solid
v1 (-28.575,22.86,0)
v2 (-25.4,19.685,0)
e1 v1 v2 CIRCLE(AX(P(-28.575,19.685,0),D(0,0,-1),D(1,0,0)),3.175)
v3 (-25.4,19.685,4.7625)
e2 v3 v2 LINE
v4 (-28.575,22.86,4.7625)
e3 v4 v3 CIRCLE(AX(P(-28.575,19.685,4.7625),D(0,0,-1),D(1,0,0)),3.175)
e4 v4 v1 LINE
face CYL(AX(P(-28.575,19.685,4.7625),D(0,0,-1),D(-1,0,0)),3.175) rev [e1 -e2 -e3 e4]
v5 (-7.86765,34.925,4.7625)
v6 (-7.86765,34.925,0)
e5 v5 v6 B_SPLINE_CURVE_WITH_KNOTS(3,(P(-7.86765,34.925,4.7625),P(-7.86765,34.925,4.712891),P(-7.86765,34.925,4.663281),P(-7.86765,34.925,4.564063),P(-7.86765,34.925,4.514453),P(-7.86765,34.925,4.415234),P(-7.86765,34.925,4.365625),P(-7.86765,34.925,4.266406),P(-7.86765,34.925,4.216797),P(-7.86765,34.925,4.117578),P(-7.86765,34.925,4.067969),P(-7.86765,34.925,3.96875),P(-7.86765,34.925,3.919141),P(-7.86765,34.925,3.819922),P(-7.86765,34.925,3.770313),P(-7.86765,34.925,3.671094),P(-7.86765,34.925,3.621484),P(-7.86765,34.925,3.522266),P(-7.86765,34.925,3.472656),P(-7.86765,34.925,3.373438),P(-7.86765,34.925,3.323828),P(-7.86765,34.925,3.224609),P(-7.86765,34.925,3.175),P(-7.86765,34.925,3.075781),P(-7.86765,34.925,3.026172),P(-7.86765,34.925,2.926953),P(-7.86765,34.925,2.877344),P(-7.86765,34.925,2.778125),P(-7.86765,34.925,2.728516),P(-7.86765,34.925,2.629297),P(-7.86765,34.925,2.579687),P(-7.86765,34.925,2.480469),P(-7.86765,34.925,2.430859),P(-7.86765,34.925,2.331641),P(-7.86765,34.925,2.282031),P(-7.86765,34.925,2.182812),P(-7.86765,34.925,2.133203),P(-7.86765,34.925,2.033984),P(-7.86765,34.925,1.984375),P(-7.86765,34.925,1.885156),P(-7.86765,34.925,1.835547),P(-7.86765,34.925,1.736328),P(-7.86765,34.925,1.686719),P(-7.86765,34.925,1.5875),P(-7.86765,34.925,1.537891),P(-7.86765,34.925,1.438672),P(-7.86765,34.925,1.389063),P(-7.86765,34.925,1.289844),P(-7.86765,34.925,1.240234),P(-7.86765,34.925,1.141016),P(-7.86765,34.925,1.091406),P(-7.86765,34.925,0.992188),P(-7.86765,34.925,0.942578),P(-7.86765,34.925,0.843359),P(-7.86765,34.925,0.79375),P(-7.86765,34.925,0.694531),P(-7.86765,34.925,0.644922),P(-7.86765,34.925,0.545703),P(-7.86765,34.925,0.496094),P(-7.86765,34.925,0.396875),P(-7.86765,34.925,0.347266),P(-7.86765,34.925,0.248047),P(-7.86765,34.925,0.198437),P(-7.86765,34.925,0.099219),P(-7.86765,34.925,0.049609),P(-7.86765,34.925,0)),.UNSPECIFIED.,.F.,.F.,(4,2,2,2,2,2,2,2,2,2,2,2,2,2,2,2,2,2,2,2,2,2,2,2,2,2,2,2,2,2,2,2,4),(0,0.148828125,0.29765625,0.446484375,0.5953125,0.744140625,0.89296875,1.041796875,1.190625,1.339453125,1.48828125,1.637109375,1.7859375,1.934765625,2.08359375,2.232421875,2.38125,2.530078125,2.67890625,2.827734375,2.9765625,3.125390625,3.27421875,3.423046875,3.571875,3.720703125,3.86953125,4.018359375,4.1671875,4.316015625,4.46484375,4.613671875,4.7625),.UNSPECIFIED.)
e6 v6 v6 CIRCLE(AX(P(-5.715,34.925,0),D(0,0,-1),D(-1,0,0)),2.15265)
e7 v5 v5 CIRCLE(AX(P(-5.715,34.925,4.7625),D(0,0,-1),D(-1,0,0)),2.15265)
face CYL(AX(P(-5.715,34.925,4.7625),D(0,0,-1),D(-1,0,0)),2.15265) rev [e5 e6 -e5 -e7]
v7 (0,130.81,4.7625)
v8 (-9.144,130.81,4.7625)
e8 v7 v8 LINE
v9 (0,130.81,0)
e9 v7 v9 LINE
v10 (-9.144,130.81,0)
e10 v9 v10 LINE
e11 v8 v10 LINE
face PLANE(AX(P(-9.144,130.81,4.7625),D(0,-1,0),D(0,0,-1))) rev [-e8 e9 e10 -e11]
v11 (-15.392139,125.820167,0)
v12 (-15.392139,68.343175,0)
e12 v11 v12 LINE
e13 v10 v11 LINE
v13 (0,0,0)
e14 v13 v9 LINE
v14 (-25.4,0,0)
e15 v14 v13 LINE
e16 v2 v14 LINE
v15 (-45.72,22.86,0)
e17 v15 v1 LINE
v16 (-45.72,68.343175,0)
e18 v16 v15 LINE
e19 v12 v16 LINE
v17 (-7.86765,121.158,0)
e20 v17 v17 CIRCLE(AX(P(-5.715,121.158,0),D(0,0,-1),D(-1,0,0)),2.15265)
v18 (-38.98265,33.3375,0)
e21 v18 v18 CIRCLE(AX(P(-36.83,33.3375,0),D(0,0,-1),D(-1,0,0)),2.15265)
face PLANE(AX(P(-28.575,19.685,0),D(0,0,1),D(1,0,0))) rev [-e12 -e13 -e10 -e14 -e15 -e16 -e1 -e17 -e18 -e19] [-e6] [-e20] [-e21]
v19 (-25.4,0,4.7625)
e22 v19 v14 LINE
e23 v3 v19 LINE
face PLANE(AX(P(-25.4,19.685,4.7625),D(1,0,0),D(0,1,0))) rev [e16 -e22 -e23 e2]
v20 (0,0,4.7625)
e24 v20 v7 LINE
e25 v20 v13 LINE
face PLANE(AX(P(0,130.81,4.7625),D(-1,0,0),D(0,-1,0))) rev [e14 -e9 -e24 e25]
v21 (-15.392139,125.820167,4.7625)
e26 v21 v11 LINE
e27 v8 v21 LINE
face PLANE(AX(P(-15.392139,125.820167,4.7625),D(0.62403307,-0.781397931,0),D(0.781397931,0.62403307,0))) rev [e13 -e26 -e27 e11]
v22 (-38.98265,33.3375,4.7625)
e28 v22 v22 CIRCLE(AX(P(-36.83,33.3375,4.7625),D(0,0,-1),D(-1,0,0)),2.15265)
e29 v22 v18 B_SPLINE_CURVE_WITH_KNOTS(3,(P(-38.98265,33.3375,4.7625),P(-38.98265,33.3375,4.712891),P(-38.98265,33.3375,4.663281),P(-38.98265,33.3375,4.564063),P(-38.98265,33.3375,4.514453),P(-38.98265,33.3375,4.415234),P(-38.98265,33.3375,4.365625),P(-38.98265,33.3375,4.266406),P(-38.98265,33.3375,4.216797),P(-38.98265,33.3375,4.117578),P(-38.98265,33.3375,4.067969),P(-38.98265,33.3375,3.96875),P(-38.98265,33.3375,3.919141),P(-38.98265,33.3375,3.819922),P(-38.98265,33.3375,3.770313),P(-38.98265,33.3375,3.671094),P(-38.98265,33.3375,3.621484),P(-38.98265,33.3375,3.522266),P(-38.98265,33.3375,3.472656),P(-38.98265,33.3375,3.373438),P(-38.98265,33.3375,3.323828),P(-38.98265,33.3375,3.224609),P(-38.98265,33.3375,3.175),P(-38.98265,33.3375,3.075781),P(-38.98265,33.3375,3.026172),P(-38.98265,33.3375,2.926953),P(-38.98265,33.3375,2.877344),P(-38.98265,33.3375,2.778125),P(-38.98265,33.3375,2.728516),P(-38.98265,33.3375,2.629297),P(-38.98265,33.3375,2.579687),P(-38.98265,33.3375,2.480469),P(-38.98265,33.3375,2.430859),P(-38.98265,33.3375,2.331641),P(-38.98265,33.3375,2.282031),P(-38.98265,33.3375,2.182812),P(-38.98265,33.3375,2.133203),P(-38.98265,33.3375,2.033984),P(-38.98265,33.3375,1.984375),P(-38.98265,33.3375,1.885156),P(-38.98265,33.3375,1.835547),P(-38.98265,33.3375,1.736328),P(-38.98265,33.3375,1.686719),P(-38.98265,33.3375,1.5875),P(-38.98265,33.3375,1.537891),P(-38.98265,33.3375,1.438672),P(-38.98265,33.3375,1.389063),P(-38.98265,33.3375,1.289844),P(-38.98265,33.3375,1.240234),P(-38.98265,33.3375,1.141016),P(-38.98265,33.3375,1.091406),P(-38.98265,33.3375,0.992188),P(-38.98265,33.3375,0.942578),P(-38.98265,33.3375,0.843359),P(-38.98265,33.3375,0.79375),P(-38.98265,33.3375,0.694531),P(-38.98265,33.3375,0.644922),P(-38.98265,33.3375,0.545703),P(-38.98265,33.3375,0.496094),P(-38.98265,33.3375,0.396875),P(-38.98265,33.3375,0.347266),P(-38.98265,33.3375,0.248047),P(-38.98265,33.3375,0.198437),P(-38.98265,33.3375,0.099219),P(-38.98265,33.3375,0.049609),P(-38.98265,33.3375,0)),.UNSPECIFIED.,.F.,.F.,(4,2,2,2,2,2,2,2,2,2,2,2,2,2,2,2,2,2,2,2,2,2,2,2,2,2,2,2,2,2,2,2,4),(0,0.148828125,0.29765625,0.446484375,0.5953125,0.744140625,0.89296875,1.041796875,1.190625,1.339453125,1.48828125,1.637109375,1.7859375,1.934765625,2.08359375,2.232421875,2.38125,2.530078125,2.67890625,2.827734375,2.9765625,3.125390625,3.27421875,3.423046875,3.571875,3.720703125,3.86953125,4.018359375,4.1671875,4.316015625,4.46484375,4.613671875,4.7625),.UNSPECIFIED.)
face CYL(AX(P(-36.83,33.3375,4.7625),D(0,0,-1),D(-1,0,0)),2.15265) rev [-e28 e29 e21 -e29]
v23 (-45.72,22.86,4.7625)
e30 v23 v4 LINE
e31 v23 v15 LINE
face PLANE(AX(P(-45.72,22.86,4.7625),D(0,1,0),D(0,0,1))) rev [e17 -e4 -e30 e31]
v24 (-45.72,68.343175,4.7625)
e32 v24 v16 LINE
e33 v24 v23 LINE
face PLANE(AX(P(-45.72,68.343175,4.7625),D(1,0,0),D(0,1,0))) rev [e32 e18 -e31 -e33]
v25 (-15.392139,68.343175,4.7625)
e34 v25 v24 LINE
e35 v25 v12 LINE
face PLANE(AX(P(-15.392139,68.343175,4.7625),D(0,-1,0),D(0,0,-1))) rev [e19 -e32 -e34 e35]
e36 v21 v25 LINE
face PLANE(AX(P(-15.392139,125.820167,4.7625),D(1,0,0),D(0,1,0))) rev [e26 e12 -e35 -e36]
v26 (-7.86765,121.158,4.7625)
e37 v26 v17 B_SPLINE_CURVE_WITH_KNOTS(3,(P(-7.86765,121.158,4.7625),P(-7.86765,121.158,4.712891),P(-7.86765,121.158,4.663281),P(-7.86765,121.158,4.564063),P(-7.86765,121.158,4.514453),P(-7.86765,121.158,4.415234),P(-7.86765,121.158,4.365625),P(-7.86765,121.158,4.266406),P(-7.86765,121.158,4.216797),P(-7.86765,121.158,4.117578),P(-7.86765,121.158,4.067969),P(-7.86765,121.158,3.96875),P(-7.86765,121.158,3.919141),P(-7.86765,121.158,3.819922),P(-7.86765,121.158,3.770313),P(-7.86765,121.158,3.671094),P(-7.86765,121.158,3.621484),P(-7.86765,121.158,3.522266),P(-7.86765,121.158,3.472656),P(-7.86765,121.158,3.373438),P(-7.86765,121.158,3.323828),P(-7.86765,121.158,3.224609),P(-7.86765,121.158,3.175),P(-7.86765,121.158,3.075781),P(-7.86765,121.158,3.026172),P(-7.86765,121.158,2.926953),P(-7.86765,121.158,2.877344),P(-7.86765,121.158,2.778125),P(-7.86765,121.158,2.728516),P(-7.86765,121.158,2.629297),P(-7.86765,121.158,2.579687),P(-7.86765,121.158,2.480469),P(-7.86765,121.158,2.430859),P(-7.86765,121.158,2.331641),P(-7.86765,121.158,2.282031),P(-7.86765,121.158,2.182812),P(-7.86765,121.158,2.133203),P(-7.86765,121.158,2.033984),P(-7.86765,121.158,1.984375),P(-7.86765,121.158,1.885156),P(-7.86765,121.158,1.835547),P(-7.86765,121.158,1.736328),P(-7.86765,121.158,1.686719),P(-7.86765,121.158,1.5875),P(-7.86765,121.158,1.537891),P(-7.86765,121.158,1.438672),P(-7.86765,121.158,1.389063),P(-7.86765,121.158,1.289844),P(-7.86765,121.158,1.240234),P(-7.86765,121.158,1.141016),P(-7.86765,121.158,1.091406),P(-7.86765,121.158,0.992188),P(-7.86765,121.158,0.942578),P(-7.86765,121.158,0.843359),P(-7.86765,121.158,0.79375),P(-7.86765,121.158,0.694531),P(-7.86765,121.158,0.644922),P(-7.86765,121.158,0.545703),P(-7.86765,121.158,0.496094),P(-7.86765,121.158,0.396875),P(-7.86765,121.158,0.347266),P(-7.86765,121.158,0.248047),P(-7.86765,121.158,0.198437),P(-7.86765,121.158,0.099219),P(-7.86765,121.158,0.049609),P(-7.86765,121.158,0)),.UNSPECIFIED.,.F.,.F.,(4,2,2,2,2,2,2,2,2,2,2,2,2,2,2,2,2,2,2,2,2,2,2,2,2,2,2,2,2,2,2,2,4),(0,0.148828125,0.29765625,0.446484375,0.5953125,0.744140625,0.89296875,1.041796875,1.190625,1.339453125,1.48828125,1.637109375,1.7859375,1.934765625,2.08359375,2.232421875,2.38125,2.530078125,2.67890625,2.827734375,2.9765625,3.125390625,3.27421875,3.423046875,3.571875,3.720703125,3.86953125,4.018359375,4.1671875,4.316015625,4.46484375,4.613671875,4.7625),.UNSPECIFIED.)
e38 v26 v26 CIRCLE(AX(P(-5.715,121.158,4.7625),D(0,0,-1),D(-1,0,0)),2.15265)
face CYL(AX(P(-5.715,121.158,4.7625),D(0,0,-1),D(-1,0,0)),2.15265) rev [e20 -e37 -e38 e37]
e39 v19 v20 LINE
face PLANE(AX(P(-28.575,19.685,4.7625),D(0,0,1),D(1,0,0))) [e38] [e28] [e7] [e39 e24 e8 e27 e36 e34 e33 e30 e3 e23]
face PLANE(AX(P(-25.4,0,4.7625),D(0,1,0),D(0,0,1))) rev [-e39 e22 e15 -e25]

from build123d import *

# Parameters (mm, degrees)
BOSS_EXTRUDE1_DEPTH = 4.7625
SKETCH3_R           = 2.15265
CUT_EXTRUDE1_DEPTH  = 139.651562942


with BuildPart() as part:
    # Sketch1 → Boss-Extrude1 (new body)
    with BuildSketch(Plane.XY):
        with BuildLine():
            Line((-15.392138512, 125.820167161), (-15.392138512, 68.343175012))
            Line((-15.392138512, 68.343175012), (-45.72, 68.343175012))
            Line((-45.72, 68.343175012), (-45.72, 22.86))
            Line((-45.72, 22.86), (-28.575, 22.86))
            ThreePointArc((-28.575, 22.86), (-26.32993597, 21.93006403), (-25.4, 19.685))
            Line((-25.4, 19.685), (-25.4, 0))
            Line((-25.4, 0), (0, 0))
            Line((0, 0), (0, 130.81))
            Line((0, 130.81), (-9.144, 130.81))
            Line((-9.144, 130.81), (-15.392138512, 125.820167161))
        make_face()
    extrude(amount=BOSS_EXTRUDE1_DEPTH)

    # Sketch3 → Cut-Extrude1 (cut, through all)
    with BuildSketch(Plane(origin=(0, 0, 0), x_dir=(-1, 0, 0), z_dir=(0, 0, -1))):
        with Locations((5.715, 121.158)):
            Circle(SKETCH3_R)
        with Locations((5.715, 34.925)):
            Circle(SKETCH3_R)
        with Locations((36.83, 33.3375)):
            Circle(SKETCH3_R)
    extrude(amount=-CUT_EXTRUDE1_DEPTH, mode=Mode.SUBTRACT)


solid = part.part
